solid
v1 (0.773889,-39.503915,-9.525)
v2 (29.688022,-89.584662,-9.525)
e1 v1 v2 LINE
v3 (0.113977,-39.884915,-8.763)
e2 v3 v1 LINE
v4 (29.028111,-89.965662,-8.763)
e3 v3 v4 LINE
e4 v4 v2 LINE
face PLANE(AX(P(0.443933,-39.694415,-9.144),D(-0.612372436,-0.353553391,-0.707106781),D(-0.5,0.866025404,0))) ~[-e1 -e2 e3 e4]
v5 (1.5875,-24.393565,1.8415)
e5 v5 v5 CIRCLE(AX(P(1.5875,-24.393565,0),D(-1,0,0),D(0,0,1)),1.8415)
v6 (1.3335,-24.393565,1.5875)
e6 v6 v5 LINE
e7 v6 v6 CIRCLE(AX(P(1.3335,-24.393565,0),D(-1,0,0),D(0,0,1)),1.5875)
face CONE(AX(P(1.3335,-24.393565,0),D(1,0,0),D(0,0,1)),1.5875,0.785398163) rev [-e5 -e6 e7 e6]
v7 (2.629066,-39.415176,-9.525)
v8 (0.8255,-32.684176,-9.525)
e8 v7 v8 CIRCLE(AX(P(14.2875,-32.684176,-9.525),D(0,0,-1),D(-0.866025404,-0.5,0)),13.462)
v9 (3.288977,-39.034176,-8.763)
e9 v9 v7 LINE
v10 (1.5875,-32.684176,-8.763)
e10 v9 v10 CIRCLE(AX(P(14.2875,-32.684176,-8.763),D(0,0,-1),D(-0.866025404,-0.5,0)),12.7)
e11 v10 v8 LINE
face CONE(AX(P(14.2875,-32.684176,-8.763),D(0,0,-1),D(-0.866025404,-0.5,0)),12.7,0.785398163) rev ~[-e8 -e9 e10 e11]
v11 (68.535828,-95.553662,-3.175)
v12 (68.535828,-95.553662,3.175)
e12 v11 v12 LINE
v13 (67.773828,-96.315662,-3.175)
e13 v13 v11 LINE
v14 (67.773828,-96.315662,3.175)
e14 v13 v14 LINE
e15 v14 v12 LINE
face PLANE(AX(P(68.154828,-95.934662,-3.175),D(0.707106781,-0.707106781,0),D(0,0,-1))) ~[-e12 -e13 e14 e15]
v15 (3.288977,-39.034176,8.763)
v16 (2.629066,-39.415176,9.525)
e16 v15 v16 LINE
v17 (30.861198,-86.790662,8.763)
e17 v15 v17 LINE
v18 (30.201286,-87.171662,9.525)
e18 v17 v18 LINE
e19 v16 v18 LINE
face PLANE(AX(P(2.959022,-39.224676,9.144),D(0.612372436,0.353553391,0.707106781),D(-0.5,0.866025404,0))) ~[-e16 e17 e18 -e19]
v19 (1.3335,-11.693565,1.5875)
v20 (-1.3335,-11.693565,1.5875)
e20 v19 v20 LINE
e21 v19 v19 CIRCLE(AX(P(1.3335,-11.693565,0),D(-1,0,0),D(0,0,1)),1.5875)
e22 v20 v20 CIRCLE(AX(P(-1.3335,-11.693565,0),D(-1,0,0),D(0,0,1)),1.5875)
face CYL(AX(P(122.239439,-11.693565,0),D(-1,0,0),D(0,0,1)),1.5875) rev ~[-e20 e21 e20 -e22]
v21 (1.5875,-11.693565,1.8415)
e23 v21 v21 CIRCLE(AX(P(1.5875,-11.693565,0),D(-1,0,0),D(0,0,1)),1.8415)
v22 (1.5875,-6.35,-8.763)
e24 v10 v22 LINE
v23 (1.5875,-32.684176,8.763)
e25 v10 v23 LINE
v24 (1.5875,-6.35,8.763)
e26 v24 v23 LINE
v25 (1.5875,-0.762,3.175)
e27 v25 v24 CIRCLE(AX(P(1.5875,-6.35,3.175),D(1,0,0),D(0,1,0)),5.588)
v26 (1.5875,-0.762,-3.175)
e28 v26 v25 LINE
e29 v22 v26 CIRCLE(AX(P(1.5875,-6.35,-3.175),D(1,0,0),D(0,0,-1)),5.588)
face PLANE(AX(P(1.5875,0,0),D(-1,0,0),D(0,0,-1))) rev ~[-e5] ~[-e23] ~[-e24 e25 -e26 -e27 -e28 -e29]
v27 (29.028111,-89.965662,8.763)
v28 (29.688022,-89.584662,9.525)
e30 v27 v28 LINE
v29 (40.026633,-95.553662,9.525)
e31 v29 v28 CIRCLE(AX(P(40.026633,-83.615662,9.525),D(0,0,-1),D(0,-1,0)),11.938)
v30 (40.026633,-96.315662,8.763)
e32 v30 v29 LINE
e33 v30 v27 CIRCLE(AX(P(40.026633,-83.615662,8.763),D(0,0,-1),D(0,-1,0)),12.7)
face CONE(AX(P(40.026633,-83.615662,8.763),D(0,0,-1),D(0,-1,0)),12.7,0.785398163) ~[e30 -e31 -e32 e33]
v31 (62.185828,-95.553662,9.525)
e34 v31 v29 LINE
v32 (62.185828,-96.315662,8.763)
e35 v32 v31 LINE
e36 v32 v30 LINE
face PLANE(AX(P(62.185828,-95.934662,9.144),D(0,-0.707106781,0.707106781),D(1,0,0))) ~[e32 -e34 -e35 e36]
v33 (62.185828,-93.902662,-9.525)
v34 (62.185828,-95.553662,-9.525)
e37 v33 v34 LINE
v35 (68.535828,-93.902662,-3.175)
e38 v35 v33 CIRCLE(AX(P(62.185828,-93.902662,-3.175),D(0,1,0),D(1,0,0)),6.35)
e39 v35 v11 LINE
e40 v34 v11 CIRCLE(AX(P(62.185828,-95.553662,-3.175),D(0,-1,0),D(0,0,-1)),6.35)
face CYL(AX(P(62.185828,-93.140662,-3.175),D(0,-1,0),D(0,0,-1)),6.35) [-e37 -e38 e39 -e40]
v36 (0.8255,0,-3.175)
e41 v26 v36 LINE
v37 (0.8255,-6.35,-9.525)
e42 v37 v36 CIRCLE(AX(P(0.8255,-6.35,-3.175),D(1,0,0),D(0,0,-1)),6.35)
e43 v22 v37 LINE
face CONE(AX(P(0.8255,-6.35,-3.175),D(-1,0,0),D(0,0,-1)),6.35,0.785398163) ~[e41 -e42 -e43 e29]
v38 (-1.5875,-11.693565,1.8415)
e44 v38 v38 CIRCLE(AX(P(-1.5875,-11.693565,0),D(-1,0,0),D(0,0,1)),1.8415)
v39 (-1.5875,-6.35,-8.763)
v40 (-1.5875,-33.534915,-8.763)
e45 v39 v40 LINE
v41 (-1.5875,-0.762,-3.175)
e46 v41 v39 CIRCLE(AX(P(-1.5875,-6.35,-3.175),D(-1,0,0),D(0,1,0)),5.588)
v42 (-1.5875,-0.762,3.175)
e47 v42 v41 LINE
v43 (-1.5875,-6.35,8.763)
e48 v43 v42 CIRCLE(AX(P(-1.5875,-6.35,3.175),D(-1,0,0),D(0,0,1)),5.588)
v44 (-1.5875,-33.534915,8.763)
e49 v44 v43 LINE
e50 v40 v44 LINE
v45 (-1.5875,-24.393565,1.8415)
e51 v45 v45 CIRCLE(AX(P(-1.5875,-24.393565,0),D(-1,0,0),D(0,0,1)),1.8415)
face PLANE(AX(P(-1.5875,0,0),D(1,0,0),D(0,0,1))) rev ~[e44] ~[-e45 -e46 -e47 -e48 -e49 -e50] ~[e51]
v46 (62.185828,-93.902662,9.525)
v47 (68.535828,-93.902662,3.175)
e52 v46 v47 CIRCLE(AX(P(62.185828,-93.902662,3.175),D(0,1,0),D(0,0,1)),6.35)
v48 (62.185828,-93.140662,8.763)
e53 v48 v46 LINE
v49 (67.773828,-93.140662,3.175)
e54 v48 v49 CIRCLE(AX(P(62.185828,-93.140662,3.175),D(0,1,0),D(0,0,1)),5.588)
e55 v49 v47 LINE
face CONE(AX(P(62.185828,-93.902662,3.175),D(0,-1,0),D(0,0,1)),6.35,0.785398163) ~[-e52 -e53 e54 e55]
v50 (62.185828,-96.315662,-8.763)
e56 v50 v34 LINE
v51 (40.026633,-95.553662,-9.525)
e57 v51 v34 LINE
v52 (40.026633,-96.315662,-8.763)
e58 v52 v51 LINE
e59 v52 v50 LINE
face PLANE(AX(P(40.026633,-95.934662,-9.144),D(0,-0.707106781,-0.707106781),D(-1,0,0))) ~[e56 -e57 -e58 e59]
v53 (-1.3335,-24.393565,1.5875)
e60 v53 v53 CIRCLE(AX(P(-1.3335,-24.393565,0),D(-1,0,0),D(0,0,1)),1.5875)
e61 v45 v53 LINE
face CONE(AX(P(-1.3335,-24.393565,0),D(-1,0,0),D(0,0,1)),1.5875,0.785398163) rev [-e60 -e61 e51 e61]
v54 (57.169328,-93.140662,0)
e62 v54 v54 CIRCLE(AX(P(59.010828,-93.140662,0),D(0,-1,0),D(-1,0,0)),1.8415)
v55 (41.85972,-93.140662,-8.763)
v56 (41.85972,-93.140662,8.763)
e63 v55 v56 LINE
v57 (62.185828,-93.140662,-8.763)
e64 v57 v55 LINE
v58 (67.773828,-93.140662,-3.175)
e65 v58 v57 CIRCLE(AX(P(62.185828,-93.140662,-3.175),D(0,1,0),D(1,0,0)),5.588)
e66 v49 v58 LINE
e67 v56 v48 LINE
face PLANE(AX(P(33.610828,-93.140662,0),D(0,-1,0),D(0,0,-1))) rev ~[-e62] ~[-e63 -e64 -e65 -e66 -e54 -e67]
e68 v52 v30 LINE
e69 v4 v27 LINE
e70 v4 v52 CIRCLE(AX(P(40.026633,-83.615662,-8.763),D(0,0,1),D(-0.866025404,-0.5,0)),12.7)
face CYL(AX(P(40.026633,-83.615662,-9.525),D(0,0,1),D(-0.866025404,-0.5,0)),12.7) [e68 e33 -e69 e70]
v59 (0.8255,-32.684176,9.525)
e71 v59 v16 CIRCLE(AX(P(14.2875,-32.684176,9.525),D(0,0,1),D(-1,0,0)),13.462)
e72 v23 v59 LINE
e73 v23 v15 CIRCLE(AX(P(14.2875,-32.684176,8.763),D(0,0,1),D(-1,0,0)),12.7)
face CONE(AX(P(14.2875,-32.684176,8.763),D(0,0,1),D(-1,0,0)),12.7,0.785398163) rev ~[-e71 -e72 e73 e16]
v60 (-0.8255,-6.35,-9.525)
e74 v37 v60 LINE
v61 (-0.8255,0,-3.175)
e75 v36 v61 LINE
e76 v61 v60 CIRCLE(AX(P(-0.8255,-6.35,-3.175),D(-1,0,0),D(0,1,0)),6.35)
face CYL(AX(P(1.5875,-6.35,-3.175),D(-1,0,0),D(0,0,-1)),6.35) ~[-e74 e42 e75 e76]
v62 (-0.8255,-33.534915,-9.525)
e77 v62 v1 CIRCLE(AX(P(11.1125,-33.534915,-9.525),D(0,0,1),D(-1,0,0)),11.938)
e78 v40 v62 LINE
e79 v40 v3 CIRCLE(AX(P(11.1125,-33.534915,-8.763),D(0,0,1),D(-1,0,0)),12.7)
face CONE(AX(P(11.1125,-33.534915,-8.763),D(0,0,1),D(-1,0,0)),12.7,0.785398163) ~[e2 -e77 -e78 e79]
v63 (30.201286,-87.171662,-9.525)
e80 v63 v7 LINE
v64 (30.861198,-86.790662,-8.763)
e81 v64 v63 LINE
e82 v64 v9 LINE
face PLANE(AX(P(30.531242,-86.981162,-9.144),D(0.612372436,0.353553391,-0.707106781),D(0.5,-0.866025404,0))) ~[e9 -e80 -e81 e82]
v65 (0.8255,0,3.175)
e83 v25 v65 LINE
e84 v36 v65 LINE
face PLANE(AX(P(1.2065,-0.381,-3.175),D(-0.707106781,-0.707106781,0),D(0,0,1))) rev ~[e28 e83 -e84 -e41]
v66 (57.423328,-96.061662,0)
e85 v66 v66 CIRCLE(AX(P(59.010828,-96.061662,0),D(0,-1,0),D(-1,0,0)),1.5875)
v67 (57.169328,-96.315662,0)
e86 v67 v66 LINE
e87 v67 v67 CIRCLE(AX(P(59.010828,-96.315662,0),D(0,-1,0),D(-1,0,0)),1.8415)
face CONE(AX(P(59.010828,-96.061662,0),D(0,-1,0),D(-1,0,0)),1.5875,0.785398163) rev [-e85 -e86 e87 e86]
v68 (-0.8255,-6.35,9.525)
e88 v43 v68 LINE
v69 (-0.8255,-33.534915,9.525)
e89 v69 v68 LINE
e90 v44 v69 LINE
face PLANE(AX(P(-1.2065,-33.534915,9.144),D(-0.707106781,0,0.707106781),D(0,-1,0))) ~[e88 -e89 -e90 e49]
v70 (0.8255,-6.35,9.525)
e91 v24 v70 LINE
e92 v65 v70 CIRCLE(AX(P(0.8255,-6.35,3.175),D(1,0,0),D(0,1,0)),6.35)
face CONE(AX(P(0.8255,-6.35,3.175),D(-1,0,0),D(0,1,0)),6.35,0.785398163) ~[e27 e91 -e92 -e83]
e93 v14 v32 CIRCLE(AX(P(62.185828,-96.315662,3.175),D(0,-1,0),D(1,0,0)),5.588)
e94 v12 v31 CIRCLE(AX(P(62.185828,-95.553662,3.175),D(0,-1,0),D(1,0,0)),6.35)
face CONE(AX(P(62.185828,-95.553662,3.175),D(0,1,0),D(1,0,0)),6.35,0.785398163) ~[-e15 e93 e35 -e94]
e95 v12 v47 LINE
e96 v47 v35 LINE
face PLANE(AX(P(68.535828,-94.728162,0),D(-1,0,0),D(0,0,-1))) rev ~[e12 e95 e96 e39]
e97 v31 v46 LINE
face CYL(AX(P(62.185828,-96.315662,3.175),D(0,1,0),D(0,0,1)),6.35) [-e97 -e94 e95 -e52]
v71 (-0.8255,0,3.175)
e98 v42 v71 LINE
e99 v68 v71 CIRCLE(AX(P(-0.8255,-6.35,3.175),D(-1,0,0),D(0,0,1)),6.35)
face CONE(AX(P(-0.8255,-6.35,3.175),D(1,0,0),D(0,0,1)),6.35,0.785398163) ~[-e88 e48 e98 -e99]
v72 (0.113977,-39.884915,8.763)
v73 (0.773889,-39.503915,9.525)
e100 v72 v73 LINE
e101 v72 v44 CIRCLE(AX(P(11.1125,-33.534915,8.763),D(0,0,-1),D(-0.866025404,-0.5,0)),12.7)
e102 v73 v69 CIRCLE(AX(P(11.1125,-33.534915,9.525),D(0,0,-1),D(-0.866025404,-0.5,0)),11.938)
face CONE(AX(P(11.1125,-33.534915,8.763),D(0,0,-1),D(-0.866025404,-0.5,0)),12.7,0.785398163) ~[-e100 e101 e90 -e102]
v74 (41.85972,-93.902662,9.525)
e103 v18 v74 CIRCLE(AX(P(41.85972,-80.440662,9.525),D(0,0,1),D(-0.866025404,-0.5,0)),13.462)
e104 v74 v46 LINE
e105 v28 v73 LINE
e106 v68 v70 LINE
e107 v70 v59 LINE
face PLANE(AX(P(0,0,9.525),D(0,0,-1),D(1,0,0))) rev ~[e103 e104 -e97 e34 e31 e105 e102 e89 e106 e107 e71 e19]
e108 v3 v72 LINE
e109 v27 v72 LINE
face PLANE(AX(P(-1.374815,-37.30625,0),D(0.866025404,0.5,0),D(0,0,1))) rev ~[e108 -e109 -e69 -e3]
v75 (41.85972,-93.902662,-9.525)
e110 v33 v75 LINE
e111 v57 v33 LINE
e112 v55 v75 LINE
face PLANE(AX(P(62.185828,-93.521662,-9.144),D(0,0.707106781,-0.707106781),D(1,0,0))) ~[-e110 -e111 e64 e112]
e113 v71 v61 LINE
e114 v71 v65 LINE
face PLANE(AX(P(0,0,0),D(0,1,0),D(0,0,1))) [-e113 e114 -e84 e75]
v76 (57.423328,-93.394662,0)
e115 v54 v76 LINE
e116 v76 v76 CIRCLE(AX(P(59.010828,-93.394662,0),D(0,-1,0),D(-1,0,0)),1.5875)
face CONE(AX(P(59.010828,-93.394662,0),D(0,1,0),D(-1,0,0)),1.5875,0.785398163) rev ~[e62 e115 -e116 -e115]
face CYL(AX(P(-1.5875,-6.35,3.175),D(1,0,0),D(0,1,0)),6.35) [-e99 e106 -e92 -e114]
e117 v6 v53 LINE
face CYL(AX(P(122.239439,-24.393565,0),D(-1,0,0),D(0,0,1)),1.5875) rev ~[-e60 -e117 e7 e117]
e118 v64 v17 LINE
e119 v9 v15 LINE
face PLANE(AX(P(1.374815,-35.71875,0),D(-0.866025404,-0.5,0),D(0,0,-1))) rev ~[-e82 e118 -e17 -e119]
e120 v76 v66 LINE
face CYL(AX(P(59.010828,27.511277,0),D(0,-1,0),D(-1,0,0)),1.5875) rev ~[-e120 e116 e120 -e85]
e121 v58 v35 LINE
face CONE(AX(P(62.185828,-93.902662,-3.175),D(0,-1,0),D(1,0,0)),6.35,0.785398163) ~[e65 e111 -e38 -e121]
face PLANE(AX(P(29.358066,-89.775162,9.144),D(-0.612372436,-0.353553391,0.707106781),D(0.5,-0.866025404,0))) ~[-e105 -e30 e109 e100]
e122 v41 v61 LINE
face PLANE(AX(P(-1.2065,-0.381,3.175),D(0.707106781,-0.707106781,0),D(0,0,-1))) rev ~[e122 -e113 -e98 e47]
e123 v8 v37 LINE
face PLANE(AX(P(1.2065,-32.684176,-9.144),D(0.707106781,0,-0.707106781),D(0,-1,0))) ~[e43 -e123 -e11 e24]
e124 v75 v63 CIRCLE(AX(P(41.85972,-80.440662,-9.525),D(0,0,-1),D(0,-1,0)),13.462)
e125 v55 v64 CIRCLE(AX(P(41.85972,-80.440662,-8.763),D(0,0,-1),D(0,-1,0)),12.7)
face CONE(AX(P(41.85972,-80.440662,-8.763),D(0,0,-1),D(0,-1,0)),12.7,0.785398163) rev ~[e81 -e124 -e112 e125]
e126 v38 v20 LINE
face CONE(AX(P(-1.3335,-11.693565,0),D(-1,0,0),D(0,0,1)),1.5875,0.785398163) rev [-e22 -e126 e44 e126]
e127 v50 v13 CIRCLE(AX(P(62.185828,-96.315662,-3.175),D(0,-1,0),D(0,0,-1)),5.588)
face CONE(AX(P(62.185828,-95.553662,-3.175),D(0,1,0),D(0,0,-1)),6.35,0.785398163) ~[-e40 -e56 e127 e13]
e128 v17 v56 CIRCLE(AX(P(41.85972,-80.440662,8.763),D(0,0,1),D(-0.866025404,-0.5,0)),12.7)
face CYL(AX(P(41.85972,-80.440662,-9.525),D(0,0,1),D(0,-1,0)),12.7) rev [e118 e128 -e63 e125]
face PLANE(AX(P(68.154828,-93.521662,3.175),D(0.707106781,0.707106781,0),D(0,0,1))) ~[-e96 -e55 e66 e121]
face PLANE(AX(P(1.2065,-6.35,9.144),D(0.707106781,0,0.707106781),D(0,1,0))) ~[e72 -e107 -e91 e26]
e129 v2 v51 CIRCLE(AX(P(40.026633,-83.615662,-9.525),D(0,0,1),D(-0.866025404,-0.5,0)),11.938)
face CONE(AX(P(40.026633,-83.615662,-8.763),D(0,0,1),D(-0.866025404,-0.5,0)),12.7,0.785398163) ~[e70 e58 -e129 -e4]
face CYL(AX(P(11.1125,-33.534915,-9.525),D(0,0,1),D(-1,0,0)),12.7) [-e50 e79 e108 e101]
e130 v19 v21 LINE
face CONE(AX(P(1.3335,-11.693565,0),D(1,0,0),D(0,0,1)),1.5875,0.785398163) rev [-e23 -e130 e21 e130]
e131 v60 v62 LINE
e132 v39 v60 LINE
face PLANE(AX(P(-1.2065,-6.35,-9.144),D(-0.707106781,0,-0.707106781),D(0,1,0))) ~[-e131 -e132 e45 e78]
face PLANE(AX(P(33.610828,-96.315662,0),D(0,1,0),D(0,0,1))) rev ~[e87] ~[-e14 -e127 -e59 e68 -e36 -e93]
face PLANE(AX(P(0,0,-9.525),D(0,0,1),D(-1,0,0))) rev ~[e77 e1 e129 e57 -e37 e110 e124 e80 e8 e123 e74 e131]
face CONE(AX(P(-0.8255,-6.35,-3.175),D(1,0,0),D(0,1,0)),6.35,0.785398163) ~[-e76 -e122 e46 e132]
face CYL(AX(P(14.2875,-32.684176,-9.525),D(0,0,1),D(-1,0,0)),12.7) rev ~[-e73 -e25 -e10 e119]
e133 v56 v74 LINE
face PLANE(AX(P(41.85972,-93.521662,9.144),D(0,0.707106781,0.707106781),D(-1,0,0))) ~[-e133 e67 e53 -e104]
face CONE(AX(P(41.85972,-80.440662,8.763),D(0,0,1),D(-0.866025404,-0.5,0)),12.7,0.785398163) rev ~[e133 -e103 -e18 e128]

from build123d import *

# Parameters (mm, degrees)
SKETCH2_W                    = 3.175
SKETCH2_H                    = 19.05
F_1_8_0_125_DIAMETER_HOLE1_D = 3.175
F_1_8_0_125_DIAMETER_HOLE2_D = 3.175
FILLET1_R                    = 12.7
FILLET2_R                    = 6.35
CHAMFER3_SIZE                = 0.762
CHAMFER2_SIZE                = 0.254


with BuildPart() as part:
    # Sweep1: sweep along a path in Sketch1
    with BuildLine(Plane.XY) as sweep1_path:
        Line((0, 0), (0, -36.5125))
        Line((0, -36.5125), (33.61082832, -94.728162334))
        Line((33.61082832, -94.728162334), (68.53582832, -94.728162334))
    # Sketch2 → Sweep1 (sweep)
    with BuildSketch(Plane(origin=(0, 0, 0), x_dir=(1, 0, 0), z_dir=(0, 1, 0))):
        Rectangle(SKETCH2_W, SKETCH2_H)
    sweep(path=sweep1_path.line, transition=Transition.RIGHT)

    # 1/8 (0.125) Diameter Hole1 (through all)
    with Locations(Plane(origin=(1.5875, 0, 0), x_dir=(0, 0, -1), z_dir=(1, 0, 0))):
        with Locations((0, -11.693565329), (0, -24.393565329)):
            Hole(F_1_8_0_125_DIAMETER_HOLE1_D / 2)

    # 1/8 (0.125) Diameter Hole2 (through all)
    with Locations(Plane(origin=(0, -93.140662334, 0), x_dir=(1, 0, 0), z_dir=(0, 1, 0))):
        with Locations((59.01082832, 0)):
            Hole(F_1_8_0_125_DIAMETER_HOLE2_D / 2)

    # Fillet1
    fillet1_edges = [part.edges().sort_by_distance(p)[0] for p in [
        (1.5875, -36.087130657, 0),
        (-1.5875, -36.937869343, 0),
        (32.694284767, -96.315662334, 0),
        (34.527371872, -93.140662334, 0),
    ]]
    fillet(fillet1_edges, radius=FILLET1_R)

    # Fillet2
    fillet2_edges = [part.edges().sort_by_distance(p)[0] for p in [
        (0, 0, -9.525),
        (0, 0, 9.525),
        (68.53582832, -94.728162334, -9.525),
        (68.53582832, -94.728162334, 9.525),
    ]]
    fillet(fillet2_edges, radius=FILLET2_R)

    # Chamfer3
    chamfer3_edges = [part.edges().sort_by_distance(p)[0] for p in [
        (68.53582832, -96.315662334, 0),
        (66.67595638, -96.315662334, 7.665128061),
        (66.67595638, -96.315662334, -7.665128061),
        (68.53582832, -93.140662334, 0),
        (66.67595638, -93.140662334, 7.665128061),
        (66.67595638, -93.140662334, -7.665128061),
        (1.5875, 0, 0),
        (-1.5875, 0, 0),
        (-1.5875, -19.9424573, -9.525),
        (-1.5875, -19.9424573, 9.525),
        (-1.5875, -1.859871939, 7.665128061),
        (-1.5875, -1.859871939, -7.665128061),
        (1.5875, -19.517087957, -9.525),
        (1.5875, -19.517087957, 9.525),
        (1.5875, -1.859871939, 7.665128061),
        (1.5875, -1.859871939, -7.665128061),
        (51.106230753, -96.315662334, -9.525),
        (51.106230753, -96.315662334, 9.525),
        (52.022774305, -93.140662334, -9.525),
        (33.676633186, -94.614184962, -9.525),
        (14.571043965, -64.925288467, -9.525),
        (17.075087517, -62.912419124, -9.525),
        (-1.154757994, -36.821916472, -9.525),
        (33.676633186, -94.614184962, -9.525),
        (14.571043965, -64.925288467, 9.525),
        (17.075087517, -62.912419124, 9.525),
        (-1.154757994, -36.821916472, 9.525),
        (33.676633186, -94.614184962, 9.525),
        (52.022774305, -93.140662334, 9.525),
        (33.676633186, -94.614184962, 9.525),
        (-1.154757994, -36.821916472, -9.525),
        (-1.154757994, -36.821916472, 9.525),
        (35.509720291, -91.439184962, 9.525),
        (35.509720291, -91.439184962, 9.525),
        (35.509720291, -91.439184962, -9.525),
        (35.509720291, -91.439184962, -9.525),
        (2.020242006, -35.971177786, 9.525),
        (2.020242006, -35.971177786, 9.525),
        (2.020242006, -35.971177786, -9.525),
        (2.020242006, -35.971177786, -9.525),
    ]]
    chamfer(chamfer3_edges, length=CHAMFER3_SIZE)

    # Chamfer2
    chamfer2_edges = [part.edges().sort_by_distance(p)[0] for p in [
        (1.5875, -24.393565329, -1.5875),
        (-1.5875, -24.393565329, -1.5875),
        (1.5875, -11.693565329, -1.5875),
        (-1.5875, -11.693565329, -1.5875),
        (60.59832832, -93.140662334, 0),
        (60.59832832, -96.315662334, 0),
    ]]
    chamfer(chamfer2_edges, length=CHAMFER2_SIZE)


solid = part.part
